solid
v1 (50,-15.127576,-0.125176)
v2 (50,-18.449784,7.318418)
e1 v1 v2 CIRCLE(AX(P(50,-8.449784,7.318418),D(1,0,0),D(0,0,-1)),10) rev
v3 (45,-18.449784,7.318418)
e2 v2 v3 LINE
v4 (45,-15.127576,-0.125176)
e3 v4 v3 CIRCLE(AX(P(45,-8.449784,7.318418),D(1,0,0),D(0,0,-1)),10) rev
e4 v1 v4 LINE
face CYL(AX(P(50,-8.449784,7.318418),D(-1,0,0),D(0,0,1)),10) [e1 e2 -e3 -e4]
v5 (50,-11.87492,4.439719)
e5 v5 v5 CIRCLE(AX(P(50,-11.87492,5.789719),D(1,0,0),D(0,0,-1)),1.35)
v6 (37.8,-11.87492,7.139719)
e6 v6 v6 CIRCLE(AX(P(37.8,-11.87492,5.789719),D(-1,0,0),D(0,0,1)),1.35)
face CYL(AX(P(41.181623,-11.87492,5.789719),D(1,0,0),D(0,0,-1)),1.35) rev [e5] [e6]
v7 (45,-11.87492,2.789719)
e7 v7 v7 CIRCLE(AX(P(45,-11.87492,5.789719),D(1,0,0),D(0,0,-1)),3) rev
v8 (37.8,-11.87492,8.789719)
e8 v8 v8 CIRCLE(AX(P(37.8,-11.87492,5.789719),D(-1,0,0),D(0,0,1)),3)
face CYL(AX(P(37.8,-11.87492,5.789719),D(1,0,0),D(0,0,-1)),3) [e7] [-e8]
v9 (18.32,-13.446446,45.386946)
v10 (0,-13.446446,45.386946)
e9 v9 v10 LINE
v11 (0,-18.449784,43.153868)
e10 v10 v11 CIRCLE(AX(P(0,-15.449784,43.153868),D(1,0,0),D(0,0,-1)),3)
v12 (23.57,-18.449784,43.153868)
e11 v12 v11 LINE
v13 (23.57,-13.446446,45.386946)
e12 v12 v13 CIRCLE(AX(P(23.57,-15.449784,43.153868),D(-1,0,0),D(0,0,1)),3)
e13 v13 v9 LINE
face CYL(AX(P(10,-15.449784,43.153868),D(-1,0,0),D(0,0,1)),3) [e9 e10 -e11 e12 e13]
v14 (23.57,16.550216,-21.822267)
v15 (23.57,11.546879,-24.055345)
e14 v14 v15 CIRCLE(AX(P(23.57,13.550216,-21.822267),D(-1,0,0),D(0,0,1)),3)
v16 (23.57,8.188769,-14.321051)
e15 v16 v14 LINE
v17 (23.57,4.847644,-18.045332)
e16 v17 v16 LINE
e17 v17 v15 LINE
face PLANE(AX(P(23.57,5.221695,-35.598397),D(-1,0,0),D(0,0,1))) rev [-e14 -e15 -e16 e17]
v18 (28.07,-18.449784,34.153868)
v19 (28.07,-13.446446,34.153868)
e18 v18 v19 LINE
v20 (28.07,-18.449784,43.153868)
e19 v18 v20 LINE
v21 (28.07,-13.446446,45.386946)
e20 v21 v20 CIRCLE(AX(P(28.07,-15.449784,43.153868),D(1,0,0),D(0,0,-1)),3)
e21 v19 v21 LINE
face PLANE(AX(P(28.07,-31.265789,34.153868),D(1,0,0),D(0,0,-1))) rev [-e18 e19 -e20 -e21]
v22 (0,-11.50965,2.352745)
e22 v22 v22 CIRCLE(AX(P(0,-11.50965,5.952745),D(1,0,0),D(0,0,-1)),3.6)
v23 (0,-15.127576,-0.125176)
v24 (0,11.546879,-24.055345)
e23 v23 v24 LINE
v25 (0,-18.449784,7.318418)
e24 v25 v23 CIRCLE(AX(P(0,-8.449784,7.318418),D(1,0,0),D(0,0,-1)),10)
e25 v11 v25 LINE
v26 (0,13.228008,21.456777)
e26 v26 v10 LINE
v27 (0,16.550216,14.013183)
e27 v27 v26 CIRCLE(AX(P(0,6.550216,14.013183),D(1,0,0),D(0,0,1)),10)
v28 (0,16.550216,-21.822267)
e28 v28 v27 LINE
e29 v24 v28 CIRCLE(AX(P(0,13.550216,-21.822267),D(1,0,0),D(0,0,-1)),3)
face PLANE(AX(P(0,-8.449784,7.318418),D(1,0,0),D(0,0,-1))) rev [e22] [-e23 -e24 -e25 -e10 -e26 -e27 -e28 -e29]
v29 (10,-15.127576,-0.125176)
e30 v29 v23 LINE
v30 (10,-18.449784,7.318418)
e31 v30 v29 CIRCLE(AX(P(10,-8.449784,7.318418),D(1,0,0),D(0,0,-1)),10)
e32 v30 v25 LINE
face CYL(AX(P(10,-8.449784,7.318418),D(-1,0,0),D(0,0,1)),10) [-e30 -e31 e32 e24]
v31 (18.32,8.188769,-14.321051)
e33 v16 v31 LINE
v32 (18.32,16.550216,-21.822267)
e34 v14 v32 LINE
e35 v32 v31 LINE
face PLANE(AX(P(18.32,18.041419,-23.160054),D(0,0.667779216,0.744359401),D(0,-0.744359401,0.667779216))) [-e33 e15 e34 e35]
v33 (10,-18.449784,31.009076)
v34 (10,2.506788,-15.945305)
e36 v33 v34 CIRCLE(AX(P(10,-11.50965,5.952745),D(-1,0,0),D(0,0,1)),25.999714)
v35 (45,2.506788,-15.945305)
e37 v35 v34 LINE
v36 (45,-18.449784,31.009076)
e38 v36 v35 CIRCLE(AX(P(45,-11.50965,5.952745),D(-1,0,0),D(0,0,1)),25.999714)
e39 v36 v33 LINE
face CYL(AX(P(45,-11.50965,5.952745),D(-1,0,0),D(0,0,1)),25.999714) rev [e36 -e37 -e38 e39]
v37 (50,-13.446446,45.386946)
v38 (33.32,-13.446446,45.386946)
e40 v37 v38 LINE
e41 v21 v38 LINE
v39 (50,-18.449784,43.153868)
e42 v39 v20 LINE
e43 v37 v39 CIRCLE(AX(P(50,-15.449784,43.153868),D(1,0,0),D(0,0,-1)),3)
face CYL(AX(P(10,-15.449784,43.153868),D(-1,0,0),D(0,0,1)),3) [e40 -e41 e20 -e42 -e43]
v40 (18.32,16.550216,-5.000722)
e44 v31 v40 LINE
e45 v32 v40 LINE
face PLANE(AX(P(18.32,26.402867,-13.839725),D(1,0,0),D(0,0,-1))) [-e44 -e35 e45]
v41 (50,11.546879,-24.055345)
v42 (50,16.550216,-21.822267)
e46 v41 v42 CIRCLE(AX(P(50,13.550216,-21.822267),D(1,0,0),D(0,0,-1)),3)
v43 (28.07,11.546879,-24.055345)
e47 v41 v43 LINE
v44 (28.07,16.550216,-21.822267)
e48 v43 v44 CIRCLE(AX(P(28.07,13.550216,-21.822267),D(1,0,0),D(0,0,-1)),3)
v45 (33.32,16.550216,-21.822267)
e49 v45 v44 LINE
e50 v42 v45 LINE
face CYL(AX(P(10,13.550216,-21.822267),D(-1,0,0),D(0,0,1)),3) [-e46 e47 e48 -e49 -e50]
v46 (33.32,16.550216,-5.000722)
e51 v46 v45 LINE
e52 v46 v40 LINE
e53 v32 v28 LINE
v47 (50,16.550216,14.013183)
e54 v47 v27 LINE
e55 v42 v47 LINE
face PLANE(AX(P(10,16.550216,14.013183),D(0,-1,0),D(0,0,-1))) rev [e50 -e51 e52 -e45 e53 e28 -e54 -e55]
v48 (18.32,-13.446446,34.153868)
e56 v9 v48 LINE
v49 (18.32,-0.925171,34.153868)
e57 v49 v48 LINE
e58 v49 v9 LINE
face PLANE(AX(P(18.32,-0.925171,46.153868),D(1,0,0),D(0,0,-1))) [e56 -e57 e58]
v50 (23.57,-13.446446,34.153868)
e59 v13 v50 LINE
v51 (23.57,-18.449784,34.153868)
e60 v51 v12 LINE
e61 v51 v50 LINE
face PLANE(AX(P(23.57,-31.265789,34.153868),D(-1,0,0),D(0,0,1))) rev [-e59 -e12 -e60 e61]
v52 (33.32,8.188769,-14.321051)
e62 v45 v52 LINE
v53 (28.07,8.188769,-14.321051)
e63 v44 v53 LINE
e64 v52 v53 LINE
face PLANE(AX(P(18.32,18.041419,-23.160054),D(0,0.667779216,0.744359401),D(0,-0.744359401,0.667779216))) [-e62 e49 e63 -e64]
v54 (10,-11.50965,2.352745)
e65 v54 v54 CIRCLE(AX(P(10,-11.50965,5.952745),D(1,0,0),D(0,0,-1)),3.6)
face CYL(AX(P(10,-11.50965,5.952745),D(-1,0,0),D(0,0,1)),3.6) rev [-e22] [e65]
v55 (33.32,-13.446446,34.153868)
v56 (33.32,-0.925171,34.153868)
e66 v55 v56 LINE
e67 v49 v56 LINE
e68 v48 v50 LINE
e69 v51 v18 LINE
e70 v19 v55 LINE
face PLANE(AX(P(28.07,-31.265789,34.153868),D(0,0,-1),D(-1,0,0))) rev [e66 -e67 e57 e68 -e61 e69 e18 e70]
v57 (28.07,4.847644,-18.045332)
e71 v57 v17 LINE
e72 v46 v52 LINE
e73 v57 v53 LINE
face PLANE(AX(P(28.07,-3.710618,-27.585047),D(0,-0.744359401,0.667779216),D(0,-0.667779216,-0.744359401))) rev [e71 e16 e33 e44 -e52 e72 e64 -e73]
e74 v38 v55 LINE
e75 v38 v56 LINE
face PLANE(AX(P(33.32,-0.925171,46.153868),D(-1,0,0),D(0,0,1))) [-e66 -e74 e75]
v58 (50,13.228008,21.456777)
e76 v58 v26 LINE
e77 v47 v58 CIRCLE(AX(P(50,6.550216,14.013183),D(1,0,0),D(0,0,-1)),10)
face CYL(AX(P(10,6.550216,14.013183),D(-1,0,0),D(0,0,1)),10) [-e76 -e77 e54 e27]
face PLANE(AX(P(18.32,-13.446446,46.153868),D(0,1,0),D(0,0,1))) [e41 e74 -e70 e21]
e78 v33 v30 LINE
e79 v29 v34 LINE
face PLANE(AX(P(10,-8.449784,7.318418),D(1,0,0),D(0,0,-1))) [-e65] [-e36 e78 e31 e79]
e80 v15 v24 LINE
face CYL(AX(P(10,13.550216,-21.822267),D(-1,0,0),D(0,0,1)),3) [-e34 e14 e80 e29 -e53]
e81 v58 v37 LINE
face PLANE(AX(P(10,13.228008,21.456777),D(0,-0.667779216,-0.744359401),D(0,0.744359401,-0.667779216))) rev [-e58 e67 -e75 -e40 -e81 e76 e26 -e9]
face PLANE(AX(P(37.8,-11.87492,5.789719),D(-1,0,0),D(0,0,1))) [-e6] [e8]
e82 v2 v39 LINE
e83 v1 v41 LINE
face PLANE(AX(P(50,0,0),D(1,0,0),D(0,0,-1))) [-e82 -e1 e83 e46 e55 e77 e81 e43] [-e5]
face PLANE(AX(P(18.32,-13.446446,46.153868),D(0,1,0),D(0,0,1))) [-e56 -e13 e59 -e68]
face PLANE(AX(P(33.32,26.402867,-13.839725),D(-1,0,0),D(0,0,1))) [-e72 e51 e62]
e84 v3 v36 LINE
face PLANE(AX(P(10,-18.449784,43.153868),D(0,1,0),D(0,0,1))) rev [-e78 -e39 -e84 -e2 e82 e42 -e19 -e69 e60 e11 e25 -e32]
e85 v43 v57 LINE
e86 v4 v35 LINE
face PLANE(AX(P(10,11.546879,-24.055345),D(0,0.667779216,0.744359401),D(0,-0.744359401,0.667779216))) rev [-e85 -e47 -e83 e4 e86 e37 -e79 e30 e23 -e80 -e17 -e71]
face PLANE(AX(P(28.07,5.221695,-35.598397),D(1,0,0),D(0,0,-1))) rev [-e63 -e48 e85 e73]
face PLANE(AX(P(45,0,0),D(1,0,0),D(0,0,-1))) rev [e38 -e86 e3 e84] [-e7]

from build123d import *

# Parameters (mm, degrees)
SKETCH4_R            = 3.6
THICKBASE_DEPTH      = 10
MIDDLE_DEPTH         = 35
THINBASE_DEPTH       = 5
SKETCH8_R            = 1.35
RETAINERSCREW_DEPTH  = 5
SKETCH9_R            = 3
SKETCH9_R_2          = 1.35
SPACER_DEPTH         = 7.2
SHOCKHOLE_START      = -35
SKETCH10_W           = 4.5
SKETCH10_H           = 12
SHOCKHOLE_DEPTH      = 17.524613
SKETCH12_W           = 15
SKETCH12_H           = 12.521275246
SHOCKHOLEBASE_DEPTH  = 82.308539587
SKETCH11_W           = 4.5
SKETCH11_H           = 12
SHOCKHOLE2_DEPTH     = 35
SKETCH13_W           = 15
SKETCH13_H           = 12.521275247
SHOCKHOLE2BASE_DEPTH = 80.489490329


with BuildPart() as part:
    # Sketch4 → ThickBase (new body)
    with BuildSketch(Plane(origin=(0, 0, 0), x_dir=(0, 0, -1), z_dir=(1, 0, 0))):
        with BuildLine():
            Line((-14.01318338, 16.550216151), (21.822267157, 16.550216151))
            ThreePointArc((21.822267157, 16.550216151), (24.561793845, 14.77291543), (24.055345362, 11.546878503))
            Line((24.055345362, 11.546878503), (0.125176293, -15.12757601))
            ThreePointArc((0.125176293, -15.12757601), (-3.242753458, -17.581539475), (-7.318417722, -18.449783849))
            Line((-7.318417722, -18.449783849), (-43.153868259, -18.449783849))
            ThreePointArc((-43.153868259, -18.449783849), (-45.893394947, -16.672483128), (-45.386946464, -13.446446201))
            Line((-45.386946464, -13.446446201), (-21.456777395, 13.228008312))
            ThreePointArc((-21.456777395, 13.228008312), (-18.088847644, 15.681971777), (-14.01318338, 16.550216151))
        make_face()
        with Locations((-5.952745457, -11.509649573)):
            Circle(SKETCH4_R, mode=Mode.SUBTRACT)
    extrude(amount=THICKBASE_DEPTH)

    # Sketch5 → Middle (add)
    with BuildSketch(Plane(origin=(10, 0, 0), x_dir=(0, 0, -1), z_dir=(1, 0, 0))):
        with BuildLine():
            Line((15.945305194, 2.506787856), (24.055345362, 11.546878503))
            ThreePointArc((24.055345362, 11.546878503), (24.561793845, 14.77291543), (21.822267157, 16.550216151))
            Line((21.822267157, 16.550216151), (-14.01318338, 16.550216151))
            ThreePointArc((-14.01318338, 16.550216151), (-18.088847644, 15.681971777), (-21.456777395, 13.228008312))
            Line((-21.456777395, 13.228008312), (-45.386946464, -13.446446201))
            ThreePointArc((-45.386946464, -13.446446201), (-45.893394947, -16.672483128), (-43.153868259, -18.449783849))
            Line((-43.153868259, -18.449783849), (-31.009075531, -18.449783849))
            ThreePointArc((-31.009075531, -18.449783849), (-16.549356077, 12.232654103), (15.945305194, 2.506787856))
        make_face()
    extrude(amount=MIDDLE_DEPTH)

    # Sketch7 → ThinBase (add)
    with BuildSketch(Plane(origin=(45, 0, 0), x_dir=(0, 0, -1), z_dir=(1, 0, 0))):
        with BuildLine():
            ThreePointArc((15.945305194, 2.506787856), (-16.549356077, 12.232654103), (-31.009075531, -18.449783849))
            Line((-31.009075531, -18.449783849), (-7.318417722, -18.449783849))
            ThreePointArc((-7.318417722, -18.449783849), (-3.242753458, -17.581539475), (0.125176293, -15.12757601))
            Line((0.125176293, -15.12757601), (15.945305194, 2.506787856))
        make_face()
        with BuildLine():
            Line((-43.153868259, -18.449783849), (-31.009075531, -18.449783849))
            ThreePointArc((-31.009075531, -18.449783849), (-16.549356077, 12.232654103), (15.945305194, 2.506787856))
            Line((15.945305194, 2.506787856), (24.055345362, 11.546878503))
            ThreePointArc((24.055345362, 11.546878503), (24.561793845, 14.77291543), (21.822267157, 16.550216151))
            Line((21.822267157, 16.550216151), (-14.01318338, 16.550216151))
            ThreePointArc((-14.01318338, 16.550216151), (-18.088847644, 15.681971777), (-21.456777395, 13.228008312))
            Line((-21.456777395, 13.228008312), (-45.386946464, -13.446446201))
            ThreePointArc((-45.386946464, -13.446446201), (-45.893394947, -16.672483128), (-43.153868259, -18.449783849))
        make_face()
    extrude(amount=THINBASE_DEPTH)

    # Sketch8 → RetainerScrew (cut)
    with BuildSketch(Plane(origin=(50, 0, 0), x_dir=(0, 0, -1), z_dir=(1, 0, 0))):
        with Locations((-5.789718886, -11.874919798)):
            Circle(SKETCH8_R)
    extrude(amount=-RETAINERSCREW_DEPTH, mode=Mode.SUBTRACT)

    # Sketch9 → Spacer (add)
    with BuildSketch(Plane.ZY.offset(-45)):
        with Locations(Location((5.789718886, -11.874919798, 0), (0, 0, 180))):
            Circle(SKETCH9_R)
        with Locations(Location((5.789718886, -11.874919798, 0), (0, 0, 180))):
            Circle(SKETCH9_R_2, mode=Mode.SUBTRACT)
    extrude(amount=SPACER_DEPTH)

    # Sketch10 → ShockHole (cut)
    with BuildSketch(Plane(origin=(0, 16.564225392, 18.463792524), x_dir=(1, 0, 0), z_dir=(0, 0.6677792161146302, 0.7443594014488768)).offset(SHOCKHOLE_START)):
        with Locations((25.82, 21.65868724)):
            Rectangle(SKETCH10_W, SKETCH10_H)
    extrude(amount=SHOCKHOLE_DEPTH, mode=Mode.SUBTRACT)

    # Sketch12 → ShockHoleBase (cut, through all)
    with BuildSketch(Plane(origin=(0, 11.655691061, -10.45654589), x_dir=(1, 0, 0), z_dir=(0, 0.7443594014488766, -0.6677792161146304))):
        with Locations((25.82, -1.068918271)):
            Rectangle(SKETCH12_W, SKETCH12_H)
    extrude(amount=SHOCKHOLEBASE_DEPTH, mode=Mode.SUBTRACT)

    # Sketch11 → ShockHole2 (cut)
    with BuildSketch(Plane(origin=(0, 16.550216151, 0), x_dir=(1, 0, 0), z_dir=(0, 1, 0))):
        with Locations((25.82, -40.153868259)):
            Rectangle(SKETCH11_W, SKETCH11_H)
    extrude(amount=-SHOCKHOLE2_DEPTH, mode=Mode.SUBTRACT)

    # Sketch13 → ShockHole2Base (cut, through all)
    with BuildSketch(Plane.XY.offset(34.153868259)):
        with Locations((25.82, -7.185808578)):
            Rectangle(SKETCH13_W, SKETCH13_H)
    extrude(amount=SHOCKHOLE2BASE_DEPTH, mode=Mode.SUBTRACT)


solid = part.part
